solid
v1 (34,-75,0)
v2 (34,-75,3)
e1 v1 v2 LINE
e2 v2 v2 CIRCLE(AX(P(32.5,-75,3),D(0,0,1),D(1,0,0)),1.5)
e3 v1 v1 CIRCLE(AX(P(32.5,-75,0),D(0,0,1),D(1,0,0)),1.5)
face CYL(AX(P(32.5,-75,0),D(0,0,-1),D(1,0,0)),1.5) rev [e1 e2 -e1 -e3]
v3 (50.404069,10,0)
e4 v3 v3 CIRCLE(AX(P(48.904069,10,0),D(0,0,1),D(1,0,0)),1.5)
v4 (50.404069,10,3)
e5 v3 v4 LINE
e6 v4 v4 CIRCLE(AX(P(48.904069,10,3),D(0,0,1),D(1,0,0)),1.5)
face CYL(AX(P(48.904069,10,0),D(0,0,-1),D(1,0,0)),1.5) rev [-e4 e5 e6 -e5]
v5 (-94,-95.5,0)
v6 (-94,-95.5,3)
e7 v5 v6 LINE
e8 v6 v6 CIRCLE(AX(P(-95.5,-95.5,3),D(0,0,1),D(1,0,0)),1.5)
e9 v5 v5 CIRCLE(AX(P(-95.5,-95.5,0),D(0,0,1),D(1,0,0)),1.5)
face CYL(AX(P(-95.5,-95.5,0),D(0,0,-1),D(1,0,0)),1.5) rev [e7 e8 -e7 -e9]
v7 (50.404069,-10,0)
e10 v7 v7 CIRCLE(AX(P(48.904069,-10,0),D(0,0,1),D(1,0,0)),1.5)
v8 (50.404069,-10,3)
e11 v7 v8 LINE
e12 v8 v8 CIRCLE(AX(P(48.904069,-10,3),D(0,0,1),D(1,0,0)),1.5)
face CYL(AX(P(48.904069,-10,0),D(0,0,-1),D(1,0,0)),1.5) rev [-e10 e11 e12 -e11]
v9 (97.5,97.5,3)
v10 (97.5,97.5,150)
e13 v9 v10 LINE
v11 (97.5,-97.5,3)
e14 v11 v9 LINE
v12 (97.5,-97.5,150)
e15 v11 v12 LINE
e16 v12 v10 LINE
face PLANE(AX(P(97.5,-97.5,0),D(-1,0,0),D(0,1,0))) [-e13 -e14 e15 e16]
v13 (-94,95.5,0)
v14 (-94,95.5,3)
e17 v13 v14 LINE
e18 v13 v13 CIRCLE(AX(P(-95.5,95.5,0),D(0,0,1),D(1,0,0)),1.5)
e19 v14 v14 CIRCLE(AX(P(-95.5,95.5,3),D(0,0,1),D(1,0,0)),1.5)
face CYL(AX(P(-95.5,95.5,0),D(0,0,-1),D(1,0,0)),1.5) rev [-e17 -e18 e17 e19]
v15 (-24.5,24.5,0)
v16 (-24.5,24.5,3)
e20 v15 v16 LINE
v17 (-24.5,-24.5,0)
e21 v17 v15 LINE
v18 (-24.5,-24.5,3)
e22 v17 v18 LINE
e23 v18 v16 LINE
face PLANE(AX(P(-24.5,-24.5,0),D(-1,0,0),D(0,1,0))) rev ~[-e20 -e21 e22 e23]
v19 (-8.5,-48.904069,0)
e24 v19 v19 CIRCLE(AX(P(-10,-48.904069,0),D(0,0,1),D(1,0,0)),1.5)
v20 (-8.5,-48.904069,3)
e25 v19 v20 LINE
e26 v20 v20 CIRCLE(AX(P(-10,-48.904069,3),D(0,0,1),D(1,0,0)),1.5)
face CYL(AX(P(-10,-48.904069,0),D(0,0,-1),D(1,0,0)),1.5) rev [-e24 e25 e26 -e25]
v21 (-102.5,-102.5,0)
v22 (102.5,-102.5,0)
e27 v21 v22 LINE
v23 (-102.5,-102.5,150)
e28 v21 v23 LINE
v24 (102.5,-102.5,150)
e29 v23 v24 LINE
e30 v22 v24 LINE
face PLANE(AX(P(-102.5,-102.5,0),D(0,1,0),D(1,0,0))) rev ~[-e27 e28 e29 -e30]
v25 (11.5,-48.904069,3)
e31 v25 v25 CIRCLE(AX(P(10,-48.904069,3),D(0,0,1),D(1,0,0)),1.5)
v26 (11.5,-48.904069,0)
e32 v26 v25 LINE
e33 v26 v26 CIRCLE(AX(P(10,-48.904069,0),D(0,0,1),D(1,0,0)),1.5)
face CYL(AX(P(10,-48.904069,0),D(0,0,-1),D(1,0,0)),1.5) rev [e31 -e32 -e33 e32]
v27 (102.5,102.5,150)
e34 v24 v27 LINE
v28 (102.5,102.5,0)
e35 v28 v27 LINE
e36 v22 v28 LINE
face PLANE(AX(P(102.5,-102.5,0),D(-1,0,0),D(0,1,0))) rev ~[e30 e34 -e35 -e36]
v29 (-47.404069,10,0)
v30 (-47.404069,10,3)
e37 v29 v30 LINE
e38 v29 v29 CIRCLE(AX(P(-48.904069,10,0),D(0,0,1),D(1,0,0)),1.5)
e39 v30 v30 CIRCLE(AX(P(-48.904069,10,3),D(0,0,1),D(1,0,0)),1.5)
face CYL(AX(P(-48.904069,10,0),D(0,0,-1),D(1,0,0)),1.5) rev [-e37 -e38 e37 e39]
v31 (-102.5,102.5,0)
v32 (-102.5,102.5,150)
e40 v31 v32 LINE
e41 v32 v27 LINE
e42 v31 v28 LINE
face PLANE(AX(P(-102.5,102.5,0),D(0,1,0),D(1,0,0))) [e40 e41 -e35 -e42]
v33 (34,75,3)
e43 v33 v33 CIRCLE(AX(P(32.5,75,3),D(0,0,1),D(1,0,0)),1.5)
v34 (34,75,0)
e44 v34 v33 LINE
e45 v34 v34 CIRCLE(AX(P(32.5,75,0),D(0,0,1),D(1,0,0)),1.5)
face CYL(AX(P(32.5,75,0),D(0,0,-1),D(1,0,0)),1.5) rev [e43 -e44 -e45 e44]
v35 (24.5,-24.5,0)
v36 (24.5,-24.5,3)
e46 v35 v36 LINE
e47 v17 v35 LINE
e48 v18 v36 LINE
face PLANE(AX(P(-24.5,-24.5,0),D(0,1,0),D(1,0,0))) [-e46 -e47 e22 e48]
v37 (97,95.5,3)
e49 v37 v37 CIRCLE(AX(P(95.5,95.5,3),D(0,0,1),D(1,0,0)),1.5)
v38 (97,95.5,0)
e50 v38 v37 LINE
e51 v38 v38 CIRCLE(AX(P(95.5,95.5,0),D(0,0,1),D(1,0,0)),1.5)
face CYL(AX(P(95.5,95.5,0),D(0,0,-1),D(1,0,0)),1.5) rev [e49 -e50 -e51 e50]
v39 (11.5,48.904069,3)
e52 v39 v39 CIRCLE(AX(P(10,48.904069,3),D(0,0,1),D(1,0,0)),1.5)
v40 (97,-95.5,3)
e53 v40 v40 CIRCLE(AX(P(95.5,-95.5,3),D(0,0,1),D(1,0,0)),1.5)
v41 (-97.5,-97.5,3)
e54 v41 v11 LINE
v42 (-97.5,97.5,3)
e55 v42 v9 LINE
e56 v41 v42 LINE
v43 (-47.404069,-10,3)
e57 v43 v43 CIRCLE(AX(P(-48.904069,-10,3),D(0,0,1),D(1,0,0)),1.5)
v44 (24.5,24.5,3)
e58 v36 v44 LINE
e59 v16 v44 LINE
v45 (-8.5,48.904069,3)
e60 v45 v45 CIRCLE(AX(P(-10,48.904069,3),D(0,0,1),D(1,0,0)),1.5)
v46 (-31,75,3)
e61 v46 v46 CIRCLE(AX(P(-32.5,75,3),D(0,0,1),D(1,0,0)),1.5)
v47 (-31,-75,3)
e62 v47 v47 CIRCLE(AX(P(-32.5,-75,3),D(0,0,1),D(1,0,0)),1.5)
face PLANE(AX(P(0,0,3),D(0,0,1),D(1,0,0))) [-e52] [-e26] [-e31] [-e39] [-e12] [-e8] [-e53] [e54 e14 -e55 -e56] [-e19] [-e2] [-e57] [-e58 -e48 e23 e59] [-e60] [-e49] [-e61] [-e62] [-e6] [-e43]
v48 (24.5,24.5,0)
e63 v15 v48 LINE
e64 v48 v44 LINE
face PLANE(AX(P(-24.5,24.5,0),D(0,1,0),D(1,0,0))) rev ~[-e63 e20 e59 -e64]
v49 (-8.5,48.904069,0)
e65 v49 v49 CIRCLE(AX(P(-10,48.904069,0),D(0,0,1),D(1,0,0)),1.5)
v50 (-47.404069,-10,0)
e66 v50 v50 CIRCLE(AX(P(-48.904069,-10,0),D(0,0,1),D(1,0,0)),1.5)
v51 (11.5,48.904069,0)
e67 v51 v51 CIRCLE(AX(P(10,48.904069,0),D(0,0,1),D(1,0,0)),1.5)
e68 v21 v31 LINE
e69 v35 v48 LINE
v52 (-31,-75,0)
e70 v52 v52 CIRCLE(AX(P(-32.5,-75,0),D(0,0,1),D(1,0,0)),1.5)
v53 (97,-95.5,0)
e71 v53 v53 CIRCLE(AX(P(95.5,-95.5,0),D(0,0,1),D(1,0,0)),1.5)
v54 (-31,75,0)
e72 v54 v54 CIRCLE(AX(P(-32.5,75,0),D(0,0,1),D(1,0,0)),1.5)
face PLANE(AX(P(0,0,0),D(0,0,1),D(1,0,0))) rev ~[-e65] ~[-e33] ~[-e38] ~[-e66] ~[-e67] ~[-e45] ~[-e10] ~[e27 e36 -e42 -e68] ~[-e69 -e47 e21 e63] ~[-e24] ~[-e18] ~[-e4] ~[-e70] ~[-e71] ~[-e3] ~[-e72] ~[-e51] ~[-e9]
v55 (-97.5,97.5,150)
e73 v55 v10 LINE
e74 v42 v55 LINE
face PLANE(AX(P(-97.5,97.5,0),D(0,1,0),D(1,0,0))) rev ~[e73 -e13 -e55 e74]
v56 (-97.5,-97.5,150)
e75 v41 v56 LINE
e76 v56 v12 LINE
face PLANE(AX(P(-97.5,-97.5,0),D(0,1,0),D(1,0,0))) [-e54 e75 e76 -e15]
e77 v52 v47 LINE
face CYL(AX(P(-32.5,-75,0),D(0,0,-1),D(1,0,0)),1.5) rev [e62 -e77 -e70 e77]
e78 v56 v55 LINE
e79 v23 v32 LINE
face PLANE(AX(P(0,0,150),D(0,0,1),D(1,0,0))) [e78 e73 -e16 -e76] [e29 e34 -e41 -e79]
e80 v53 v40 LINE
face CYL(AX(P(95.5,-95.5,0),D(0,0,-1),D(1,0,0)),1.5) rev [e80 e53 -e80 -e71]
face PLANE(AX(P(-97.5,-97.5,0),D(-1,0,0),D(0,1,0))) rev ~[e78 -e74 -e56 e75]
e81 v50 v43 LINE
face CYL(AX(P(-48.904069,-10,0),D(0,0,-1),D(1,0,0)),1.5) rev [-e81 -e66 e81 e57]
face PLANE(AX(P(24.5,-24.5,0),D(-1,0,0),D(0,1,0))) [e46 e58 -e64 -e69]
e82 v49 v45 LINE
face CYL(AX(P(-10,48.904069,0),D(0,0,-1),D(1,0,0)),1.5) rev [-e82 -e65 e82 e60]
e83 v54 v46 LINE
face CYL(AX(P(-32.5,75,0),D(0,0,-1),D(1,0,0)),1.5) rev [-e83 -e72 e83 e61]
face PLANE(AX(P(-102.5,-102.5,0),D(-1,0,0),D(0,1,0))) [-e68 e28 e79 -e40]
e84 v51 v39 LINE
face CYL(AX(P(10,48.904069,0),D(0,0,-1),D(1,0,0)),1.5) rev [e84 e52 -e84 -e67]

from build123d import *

# Parameters (mm, degrees)
F0_W     = 205
F0_H     = 205
F0_W_2   = 195
F0_H_2   = 195
F1_DEPTH = 150
F0_R     = 1.5
F0_W_3   = 49
F0_H_3   = 49
F2_DEPTH = 3


with BuildPart() as f1:
    # F0 (on Top) → F1 (new body)
    with BuildSketch(Plane.XY):
        Rectangle(F0_W, F0_H)
        Rectangle(F0_W_2, F0_H_2, mode=Mode.SUBTRACT)
    extrude(amount=F1_DEPTH)

    # F0 (on Top) → F2 (join)
    with BuildSketch(Plane.XY):
        Rectangle(F0_W_2, F0_H_2)
        with Locations((-95.5, -95.5)):
            Circle(F0_R, mode=Mode.SUBTRACT)
        with Locations((-32.5, -75)):
            Circle(F0_R, mode=Mode.SUBTRACT)
        with Locations((-10, -48.904069)):
            Circle(F0_R, mode=Mode.SUBTRACT)
        with Locations((-48.904069, -10)):
            Circle(F0_R, mode=Mode.SUBTRACT)
        with Locations((32.5, -75)):
            Circle(F0_R, mode=Mode.SUBTRACT)
        with Locations((95.5, -95.5)):
            Circle(F0_R, mode=Mode.SUBTRACT)
        with Locations((10, -48.904069)):
            Circle(F0_R, mode=Mode.SUBTRACT)
        with Locations((48.904069, -10)):
            Circle(F0_R, mode=Mode.SUBTRACT)
        with Locations((-48.904069, 10)):
            Circle(F0_R, mode=Mode.SUBTRACT)
        with Locations((-10, 48.904069)):
            Circle(F0_R, mode=Mode.SUBTRACT)
        with Locations((-95.5, 95.5)):
            Circle(F0_R, mode=Mode.SUBTRACT)
        with Locations((-32.5, 75)):
            Circle(F0_R, mode=Mode.SUBTRACT)
        Rectangle(F0_W_3, F0_H_3, mode=Mode.SUBTRACT)
        with Locations((48.904069, 10)):
            Circle(F0_R, mode=Mode.SUBTRACT)
        with Locations((10, 48.904069)):
            Circle(F0_R, mode=Mode.SUBTRACT)
        with Locations((32.5, 75)):
            Circle(F0_R, mode=Mode.SUBTRACT)
        with Locations((95.5, 95.5)):
            Circle(F0_R, mode=Mode.SUBTRACT)
    extrude(amount=F2_DEPTH)


solid = f1.part
